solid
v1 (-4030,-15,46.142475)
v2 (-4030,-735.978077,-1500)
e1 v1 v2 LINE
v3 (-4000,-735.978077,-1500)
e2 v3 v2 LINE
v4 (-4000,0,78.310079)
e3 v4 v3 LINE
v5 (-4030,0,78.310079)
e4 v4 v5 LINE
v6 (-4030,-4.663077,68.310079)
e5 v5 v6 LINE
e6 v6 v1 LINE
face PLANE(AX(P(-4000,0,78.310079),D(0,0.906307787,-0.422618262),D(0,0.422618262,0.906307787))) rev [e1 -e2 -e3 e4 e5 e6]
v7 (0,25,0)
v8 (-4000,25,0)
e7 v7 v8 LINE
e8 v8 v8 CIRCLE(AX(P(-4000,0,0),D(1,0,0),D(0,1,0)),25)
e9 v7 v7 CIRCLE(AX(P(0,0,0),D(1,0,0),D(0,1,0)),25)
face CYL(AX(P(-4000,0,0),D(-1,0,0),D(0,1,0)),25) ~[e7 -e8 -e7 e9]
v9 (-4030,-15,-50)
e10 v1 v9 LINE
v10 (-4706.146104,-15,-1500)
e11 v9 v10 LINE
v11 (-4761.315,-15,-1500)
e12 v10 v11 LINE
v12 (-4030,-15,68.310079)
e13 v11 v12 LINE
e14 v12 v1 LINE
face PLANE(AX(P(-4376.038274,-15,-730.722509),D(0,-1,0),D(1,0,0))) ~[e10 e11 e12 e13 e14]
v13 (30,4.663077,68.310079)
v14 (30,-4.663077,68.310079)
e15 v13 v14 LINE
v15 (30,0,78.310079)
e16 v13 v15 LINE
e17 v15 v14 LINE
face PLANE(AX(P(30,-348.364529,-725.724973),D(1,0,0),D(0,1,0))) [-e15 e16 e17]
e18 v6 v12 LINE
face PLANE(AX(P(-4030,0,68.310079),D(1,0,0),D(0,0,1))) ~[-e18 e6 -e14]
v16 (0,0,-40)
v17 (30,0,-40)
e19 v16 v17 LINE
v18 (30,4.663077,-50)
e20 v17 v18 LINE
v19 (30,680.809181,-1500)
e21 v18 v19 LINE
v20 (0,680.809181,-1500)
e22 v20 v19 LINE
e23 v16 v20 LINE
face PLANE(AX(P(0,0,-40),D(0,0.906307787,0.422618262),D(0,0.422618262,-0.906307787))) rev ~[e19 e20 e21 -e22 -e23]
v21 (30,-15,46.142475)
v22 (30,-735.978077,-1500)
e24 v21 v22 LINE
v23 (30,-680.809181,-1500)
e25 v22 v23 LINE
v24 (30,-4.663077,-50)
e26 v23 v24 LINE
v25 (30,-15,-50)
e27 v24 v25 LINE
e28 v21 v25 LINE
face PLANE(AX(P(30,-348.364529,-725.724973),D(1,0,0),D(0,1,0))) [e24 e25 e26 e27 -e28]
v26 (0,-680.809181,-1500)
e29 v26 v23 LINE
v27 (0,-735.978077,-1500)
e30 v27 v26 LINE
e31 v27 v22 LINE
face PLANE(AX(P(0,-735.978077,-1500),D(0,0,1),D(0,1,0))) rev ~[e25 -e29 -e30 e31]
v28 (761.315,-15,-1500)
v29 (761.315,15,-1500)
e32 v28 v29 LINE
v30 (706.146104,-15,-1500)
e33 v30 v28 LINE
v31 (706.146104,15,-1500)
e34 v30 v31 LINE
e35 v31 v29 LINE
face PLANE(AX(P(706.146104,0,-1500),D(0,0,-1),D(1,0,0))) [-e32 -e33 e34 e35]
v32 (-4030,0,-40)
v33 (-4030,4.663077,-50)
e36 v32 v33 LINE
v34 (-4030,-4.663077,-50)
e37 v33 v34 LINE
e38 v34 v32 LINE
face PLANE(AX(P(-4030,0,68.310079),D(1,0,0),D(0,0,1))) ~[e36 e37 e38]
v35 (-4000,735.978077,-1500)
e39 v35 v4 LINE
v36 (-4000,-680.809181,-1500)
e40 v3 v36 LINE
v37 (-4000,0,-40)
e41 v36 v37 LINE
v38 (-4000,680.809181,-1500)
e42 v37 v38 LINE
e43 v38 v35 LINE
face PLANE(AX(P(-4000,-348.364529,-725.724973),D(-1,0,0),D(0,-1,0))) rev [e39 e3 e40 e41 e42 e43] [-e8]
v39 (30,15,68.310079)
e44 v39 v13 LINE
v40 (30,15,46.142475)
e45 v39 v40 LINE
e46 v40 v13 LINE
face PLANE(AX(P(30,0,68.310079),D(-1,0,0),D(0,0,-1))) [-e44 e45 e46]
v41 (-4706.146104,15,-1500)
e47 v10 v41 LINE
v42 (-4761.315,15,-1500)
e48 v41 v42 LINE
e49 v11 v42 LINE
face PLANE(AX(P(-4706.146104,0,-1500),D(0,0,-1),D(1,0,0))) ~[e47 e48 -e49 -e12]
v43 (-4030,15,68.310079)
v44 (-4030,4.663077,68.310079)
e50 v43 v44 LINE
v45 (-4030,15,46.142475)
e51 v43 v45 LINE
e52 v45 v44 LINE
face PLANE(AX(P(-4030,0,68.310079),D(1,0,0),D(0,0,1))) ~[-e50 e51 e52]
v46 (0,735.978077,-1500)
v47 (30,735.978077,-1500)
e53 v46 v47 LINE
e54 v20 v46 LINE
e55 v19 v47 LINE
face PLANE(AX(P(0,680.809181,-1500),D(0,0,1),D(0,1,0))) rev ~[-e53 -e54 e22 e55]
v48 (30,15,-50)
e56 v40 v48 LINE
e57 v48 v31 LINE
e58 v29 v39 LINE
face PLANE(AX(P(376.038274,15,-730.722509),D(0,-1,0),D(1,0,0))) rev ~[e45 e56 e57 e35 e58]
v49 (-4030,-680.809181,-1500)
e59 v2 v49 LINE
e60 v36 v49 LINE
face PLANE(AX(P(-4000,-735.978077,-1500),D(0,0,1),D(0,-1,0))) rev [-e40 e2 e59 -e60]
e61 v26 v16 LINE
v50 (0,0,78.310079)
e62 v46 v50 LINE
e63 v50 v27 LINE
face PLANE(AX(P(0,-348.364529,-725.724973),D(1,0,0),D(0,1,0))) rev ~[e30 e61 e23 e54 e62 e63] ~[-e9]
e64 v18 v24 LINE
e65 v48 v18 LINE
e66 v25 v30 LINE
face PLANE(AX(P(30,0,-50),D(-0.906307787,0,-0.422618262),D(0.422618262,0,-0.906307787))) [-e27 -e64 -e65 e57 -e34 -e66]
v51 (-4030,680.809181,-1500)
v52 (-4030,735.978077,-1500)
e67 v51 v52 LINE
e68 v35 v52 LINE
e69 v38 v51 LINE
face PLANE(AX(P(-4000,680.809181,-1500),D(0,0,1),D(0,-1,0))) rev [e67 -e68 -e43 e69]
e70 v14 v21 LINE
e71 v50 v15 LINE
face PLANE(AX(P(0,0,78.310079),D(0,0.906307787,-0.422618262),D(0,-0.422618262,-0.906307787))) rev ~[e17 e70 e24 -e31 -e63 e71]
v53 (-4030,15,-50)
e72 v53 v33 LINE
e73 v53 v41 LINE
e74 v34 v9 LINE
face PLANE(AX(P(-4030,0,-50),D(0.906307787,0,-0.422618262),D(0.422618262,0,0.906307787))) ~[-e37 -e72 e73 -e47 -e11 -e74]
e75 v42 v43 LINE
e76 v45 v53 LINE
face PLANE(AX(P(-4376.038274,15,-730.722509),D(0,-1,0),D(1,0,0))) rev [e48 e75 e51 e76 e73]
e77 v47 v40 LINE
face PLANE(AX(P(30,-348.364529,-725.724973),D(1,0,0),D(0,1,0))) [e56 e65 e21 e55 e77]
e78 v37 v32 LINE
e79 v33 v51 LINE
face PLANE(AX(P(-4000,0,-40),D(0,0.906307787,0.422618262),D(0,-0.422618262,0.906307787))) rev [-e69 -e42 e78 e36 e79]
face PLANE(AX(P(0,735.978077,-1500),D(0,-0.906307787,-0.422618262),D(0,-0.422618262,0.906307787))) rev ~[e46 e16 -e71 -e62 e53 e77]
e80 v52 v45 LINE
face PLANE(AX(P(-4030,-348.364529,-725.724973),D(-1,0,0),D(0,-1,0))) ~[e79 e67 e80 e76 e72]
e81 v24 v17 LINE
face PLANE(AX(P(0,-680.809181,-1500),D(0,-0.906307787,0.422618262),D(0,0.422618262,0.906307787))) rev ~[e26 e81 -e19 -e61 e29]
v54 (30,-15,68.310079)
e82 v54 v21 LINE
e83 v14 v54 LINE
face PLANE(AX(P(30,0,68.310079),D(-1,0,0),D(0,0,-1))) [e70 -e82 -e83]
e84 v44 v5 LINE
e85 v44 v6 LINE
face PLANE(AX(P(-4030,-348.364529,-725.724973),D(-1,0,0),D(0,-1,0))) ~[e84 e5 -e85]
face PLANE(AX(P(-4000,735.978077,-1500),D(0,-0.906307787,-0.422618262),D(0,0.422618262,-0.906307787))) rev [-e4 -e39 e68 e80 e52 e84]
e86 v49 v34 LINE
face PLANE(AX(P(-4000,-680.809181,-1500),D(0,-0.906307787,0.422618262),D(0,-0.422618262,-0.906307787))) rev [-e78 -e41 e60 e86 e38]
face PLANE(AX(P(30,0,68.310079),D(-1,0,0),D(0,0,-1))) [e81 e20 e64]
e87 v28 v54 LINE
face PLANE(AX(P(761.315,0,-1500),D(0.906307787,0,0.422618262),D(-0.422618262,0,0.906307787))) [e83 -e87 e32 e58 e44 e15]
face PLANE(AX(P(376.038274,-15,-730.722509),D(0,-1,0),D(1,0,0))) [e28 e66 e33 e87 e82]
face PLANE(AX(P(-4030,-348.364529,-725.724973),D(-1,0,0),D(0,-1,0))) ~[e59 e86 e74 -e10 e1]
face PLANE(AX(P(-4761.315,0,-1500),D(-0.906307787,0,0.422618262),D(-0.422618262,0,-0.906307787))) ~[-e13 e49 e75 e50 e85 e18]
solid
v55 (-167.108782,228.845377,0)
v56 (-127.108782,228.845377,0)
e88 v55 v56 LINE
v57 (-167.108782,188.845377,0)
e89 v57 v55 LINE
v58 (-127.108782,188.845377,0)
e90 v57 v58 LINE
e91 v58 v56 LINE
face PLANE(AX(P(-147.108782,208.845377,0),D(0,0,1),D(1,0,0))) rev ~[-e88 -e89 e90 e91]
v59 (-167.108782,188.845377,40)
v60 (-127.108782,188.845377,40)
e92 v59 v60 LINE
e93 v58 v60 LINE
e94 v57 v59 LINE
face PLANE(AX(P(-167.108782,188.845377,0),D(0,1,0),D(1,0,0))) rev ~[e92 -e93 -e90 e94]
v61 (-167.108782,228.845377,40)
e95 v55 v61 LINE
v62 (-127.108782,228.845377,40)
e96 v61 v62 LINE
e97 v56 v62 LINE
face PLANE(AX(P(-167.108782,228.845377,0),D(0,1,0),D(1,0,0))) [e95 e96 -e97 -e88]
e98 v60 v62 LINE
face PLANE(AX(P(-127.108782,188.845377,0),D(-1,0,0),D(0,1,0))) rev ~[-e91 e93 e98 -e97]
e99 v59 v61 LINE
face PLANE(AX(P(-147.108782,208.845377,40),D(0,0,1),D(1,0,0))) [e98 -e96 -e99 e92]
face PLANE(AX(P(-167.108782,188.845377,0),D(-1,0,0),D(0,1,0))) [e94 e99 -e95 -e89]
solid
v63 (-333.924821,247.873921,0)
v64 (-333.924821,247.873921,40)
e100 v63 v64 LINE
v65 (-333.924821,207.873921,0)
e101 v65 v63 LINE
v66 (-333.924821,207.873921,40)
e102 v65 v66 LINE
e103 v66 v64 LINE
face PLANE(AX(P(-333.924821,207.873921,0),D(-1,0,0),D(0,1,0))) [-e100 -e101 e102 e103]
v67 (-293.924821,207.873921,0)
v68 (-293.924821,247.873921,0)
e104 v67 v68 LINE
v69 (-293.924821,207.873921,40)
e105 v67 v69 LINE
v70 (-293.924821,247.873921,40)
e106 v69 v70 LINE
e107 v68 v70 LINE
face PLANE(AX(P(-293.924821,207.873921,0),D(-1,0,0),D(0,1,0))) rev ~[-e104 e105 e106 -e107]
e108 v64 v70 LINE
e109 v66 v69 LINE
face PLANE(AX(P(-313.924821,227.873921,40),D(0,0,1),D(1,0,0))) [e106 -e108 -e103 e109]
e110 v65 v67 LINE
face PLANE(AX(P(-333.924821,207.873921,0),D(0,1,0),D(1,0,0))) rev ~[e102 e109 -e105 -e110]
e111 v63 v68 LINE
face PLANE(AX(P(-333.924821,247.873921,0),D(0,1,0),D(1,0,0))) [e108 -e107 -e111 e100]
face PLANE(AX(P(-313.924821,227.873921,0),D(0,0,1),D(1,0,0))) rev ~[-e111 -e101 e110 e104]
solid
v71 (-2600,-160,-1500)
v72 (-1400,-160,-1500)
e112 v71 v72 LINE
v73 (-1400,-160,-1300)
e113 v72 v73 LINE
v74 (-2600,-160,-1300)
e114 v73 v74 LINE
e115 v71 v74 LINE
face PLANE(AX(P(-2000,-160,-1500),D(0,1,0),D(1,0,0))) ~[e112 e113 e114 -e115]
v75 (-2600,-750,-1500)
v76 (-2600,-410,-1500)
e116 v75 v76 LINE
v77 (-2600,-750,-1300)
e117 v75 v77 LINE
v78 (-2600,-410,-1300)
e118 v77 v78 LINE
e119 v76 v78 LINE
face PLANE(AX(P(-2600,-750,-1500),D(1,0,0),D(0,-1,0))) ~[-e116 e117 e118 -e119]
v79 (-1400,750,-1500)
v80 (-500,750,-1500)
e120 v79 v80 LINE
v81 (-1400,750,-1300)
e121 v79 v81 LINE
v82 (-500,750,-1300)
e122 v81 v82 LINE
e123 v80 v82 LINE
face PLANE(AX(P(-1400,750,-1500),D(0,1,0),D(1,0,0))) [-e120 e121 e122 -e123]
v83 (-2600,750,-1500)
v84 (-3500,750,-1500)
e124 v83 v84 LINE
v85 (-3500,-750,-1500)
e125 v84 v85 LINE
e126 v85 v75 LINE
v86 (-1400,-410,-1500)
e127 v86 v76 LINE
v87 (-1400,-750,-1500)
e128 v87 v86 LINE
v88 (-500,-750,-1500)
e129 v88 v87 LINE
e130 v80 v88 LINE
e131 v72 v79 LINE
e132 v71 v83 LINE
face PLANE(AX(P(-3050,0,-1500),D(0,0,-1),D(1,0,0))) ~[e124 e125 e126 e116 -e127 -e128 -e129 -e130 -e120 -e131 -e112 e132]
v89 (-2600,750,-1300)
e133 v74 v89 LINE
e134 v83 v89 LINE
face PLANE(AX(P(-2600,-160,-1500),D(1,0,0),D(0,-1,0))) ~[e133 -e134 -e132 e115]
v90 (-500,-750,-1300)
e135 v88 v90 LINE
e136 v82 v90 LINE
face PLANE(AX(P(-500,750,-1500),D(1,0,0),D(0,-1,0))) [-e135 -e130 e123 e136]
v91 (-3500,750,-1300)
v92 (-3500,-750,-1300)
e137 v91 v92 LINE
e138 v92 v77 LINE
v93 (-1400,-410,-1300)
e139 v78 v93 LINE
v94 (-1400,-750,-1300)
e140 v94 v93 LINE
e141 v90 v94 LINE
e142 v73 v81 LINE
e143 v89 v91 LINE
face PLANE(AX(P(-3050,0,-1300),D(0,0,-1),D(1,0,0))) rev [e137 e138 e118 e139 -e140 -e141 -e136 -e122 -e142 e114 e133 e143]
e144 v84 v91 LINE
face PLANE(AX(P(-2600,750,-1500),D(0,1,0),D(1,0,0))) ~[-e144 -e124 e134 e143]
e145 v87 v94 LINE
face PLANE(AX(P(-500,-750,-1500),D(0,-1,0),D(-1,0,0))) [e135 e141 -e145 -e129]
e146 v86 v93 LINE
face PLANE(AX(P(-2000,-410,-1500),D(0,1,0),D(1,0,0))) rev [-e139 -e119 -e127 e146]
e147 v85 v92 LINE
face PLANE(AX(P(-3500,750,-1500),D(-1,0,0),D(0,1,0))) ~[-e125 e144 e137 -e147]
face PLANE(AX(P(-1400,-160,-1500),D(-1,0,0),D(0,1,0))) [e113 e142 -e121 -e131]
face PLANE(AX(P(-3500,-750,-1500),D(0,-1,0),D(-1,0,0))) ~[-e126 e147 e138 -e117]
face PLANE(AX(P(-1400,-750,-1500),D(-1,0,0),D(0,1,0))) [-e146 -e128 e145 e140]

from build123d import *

# Parameters (mm, degrees)
F0_R      = 25
F1_DEPTH  = 2000
F3_DEPTH  = 30
F5_DEPTH  = 15
F6_W      = 600
F6_H      = 250
F7_DEPTH  = 200
F9_W      = 40
F9_H      = 40
F10_DEPTH = 40
F11_W     = 40
F11_H     = 40
F12_DEPTH = 40


with BuildPart() as f1:
    # F0 (on Right) → F1 (new body)
    with BuildSketch(Plane.YZ):
        Circle(F0_R)
    extrude(amount=-F1_DEPTH)

    # F2 (on face) → F3 (join)
    with BuildSketch(Plane.YZ):
        Polygon((-680.8091809063, -1500), (0, -40), (0, 78.3100791576), (-735.9780768544, -1500), align=None)
        Polygon((0, 78.3100791576), (0, -40), (680.8091809063, -1500), (735.9780768544, -1500), align=None)
    extrude(amount=F3_DEPTH)

    # F4 (on Front) → F5 (join, symmetric)
    with BuildSketch(Plane.XZ):
        Polygon((761.3150002729, -1500), (30, 68.3100791576), (30, -50), (706.1461043247, -1500), align=None)
    extrude(amount=F5_DEPTH, both=True)



with BuildPart() as f7:
    # F6 (on face) → F7 (new body)
    with BuildSketch(Plane(origin=(0, 0, -1500), x_dir=(1, 0, 0), z_dir=(0, 0, -1))):
        Polygon((-500, -750), (-500, 750), (-1400, 750), (-1400, 410), (-1400, 160), (-1400, -750), align=None)
        with Locations((-1700, 285)):
            Rectangle(F6_W, F6_H)
    extrude(amount=-F7_DEPTH)


with BuildPart() as f1_1:
    add(f1.part)

    add(f7.part)  # F8 merges F7
    # F8: F1, F7 across face
    add(f1.part.mirror(Plane(origin=(-2000, 0, 0), x_dir=(0, 1, 0), z_dir=(-1, 0, 0))))
    add(f7.part.mirror(Plane(origin=(-2000, 0, 0), x_dir=(0, 1, 0), z_dir=(-1, 0, 0))))


with BuildPart() as f10:
    # F9 (on Top) → F10 (new body)
    with BuildSketch(Plane.XY):
        with Locations((-147.1087823877, 208.8453769684)):
            Rectangle(F9_W, F9_H)
    extrude(amount=F10_DEPTH)


with BuildPart() as f12:
    # F11 (on Top) → F12 (new body)
    with BuildSketch(Plane.XY):
        with Locations((-313.9248212089, 227.8739213943)):
            Rectangle(F11_W, F11_H)
    extrude(amount=F12_DEPTH)


solid = Compound([f1_1.part, f10.part, f12.part])
